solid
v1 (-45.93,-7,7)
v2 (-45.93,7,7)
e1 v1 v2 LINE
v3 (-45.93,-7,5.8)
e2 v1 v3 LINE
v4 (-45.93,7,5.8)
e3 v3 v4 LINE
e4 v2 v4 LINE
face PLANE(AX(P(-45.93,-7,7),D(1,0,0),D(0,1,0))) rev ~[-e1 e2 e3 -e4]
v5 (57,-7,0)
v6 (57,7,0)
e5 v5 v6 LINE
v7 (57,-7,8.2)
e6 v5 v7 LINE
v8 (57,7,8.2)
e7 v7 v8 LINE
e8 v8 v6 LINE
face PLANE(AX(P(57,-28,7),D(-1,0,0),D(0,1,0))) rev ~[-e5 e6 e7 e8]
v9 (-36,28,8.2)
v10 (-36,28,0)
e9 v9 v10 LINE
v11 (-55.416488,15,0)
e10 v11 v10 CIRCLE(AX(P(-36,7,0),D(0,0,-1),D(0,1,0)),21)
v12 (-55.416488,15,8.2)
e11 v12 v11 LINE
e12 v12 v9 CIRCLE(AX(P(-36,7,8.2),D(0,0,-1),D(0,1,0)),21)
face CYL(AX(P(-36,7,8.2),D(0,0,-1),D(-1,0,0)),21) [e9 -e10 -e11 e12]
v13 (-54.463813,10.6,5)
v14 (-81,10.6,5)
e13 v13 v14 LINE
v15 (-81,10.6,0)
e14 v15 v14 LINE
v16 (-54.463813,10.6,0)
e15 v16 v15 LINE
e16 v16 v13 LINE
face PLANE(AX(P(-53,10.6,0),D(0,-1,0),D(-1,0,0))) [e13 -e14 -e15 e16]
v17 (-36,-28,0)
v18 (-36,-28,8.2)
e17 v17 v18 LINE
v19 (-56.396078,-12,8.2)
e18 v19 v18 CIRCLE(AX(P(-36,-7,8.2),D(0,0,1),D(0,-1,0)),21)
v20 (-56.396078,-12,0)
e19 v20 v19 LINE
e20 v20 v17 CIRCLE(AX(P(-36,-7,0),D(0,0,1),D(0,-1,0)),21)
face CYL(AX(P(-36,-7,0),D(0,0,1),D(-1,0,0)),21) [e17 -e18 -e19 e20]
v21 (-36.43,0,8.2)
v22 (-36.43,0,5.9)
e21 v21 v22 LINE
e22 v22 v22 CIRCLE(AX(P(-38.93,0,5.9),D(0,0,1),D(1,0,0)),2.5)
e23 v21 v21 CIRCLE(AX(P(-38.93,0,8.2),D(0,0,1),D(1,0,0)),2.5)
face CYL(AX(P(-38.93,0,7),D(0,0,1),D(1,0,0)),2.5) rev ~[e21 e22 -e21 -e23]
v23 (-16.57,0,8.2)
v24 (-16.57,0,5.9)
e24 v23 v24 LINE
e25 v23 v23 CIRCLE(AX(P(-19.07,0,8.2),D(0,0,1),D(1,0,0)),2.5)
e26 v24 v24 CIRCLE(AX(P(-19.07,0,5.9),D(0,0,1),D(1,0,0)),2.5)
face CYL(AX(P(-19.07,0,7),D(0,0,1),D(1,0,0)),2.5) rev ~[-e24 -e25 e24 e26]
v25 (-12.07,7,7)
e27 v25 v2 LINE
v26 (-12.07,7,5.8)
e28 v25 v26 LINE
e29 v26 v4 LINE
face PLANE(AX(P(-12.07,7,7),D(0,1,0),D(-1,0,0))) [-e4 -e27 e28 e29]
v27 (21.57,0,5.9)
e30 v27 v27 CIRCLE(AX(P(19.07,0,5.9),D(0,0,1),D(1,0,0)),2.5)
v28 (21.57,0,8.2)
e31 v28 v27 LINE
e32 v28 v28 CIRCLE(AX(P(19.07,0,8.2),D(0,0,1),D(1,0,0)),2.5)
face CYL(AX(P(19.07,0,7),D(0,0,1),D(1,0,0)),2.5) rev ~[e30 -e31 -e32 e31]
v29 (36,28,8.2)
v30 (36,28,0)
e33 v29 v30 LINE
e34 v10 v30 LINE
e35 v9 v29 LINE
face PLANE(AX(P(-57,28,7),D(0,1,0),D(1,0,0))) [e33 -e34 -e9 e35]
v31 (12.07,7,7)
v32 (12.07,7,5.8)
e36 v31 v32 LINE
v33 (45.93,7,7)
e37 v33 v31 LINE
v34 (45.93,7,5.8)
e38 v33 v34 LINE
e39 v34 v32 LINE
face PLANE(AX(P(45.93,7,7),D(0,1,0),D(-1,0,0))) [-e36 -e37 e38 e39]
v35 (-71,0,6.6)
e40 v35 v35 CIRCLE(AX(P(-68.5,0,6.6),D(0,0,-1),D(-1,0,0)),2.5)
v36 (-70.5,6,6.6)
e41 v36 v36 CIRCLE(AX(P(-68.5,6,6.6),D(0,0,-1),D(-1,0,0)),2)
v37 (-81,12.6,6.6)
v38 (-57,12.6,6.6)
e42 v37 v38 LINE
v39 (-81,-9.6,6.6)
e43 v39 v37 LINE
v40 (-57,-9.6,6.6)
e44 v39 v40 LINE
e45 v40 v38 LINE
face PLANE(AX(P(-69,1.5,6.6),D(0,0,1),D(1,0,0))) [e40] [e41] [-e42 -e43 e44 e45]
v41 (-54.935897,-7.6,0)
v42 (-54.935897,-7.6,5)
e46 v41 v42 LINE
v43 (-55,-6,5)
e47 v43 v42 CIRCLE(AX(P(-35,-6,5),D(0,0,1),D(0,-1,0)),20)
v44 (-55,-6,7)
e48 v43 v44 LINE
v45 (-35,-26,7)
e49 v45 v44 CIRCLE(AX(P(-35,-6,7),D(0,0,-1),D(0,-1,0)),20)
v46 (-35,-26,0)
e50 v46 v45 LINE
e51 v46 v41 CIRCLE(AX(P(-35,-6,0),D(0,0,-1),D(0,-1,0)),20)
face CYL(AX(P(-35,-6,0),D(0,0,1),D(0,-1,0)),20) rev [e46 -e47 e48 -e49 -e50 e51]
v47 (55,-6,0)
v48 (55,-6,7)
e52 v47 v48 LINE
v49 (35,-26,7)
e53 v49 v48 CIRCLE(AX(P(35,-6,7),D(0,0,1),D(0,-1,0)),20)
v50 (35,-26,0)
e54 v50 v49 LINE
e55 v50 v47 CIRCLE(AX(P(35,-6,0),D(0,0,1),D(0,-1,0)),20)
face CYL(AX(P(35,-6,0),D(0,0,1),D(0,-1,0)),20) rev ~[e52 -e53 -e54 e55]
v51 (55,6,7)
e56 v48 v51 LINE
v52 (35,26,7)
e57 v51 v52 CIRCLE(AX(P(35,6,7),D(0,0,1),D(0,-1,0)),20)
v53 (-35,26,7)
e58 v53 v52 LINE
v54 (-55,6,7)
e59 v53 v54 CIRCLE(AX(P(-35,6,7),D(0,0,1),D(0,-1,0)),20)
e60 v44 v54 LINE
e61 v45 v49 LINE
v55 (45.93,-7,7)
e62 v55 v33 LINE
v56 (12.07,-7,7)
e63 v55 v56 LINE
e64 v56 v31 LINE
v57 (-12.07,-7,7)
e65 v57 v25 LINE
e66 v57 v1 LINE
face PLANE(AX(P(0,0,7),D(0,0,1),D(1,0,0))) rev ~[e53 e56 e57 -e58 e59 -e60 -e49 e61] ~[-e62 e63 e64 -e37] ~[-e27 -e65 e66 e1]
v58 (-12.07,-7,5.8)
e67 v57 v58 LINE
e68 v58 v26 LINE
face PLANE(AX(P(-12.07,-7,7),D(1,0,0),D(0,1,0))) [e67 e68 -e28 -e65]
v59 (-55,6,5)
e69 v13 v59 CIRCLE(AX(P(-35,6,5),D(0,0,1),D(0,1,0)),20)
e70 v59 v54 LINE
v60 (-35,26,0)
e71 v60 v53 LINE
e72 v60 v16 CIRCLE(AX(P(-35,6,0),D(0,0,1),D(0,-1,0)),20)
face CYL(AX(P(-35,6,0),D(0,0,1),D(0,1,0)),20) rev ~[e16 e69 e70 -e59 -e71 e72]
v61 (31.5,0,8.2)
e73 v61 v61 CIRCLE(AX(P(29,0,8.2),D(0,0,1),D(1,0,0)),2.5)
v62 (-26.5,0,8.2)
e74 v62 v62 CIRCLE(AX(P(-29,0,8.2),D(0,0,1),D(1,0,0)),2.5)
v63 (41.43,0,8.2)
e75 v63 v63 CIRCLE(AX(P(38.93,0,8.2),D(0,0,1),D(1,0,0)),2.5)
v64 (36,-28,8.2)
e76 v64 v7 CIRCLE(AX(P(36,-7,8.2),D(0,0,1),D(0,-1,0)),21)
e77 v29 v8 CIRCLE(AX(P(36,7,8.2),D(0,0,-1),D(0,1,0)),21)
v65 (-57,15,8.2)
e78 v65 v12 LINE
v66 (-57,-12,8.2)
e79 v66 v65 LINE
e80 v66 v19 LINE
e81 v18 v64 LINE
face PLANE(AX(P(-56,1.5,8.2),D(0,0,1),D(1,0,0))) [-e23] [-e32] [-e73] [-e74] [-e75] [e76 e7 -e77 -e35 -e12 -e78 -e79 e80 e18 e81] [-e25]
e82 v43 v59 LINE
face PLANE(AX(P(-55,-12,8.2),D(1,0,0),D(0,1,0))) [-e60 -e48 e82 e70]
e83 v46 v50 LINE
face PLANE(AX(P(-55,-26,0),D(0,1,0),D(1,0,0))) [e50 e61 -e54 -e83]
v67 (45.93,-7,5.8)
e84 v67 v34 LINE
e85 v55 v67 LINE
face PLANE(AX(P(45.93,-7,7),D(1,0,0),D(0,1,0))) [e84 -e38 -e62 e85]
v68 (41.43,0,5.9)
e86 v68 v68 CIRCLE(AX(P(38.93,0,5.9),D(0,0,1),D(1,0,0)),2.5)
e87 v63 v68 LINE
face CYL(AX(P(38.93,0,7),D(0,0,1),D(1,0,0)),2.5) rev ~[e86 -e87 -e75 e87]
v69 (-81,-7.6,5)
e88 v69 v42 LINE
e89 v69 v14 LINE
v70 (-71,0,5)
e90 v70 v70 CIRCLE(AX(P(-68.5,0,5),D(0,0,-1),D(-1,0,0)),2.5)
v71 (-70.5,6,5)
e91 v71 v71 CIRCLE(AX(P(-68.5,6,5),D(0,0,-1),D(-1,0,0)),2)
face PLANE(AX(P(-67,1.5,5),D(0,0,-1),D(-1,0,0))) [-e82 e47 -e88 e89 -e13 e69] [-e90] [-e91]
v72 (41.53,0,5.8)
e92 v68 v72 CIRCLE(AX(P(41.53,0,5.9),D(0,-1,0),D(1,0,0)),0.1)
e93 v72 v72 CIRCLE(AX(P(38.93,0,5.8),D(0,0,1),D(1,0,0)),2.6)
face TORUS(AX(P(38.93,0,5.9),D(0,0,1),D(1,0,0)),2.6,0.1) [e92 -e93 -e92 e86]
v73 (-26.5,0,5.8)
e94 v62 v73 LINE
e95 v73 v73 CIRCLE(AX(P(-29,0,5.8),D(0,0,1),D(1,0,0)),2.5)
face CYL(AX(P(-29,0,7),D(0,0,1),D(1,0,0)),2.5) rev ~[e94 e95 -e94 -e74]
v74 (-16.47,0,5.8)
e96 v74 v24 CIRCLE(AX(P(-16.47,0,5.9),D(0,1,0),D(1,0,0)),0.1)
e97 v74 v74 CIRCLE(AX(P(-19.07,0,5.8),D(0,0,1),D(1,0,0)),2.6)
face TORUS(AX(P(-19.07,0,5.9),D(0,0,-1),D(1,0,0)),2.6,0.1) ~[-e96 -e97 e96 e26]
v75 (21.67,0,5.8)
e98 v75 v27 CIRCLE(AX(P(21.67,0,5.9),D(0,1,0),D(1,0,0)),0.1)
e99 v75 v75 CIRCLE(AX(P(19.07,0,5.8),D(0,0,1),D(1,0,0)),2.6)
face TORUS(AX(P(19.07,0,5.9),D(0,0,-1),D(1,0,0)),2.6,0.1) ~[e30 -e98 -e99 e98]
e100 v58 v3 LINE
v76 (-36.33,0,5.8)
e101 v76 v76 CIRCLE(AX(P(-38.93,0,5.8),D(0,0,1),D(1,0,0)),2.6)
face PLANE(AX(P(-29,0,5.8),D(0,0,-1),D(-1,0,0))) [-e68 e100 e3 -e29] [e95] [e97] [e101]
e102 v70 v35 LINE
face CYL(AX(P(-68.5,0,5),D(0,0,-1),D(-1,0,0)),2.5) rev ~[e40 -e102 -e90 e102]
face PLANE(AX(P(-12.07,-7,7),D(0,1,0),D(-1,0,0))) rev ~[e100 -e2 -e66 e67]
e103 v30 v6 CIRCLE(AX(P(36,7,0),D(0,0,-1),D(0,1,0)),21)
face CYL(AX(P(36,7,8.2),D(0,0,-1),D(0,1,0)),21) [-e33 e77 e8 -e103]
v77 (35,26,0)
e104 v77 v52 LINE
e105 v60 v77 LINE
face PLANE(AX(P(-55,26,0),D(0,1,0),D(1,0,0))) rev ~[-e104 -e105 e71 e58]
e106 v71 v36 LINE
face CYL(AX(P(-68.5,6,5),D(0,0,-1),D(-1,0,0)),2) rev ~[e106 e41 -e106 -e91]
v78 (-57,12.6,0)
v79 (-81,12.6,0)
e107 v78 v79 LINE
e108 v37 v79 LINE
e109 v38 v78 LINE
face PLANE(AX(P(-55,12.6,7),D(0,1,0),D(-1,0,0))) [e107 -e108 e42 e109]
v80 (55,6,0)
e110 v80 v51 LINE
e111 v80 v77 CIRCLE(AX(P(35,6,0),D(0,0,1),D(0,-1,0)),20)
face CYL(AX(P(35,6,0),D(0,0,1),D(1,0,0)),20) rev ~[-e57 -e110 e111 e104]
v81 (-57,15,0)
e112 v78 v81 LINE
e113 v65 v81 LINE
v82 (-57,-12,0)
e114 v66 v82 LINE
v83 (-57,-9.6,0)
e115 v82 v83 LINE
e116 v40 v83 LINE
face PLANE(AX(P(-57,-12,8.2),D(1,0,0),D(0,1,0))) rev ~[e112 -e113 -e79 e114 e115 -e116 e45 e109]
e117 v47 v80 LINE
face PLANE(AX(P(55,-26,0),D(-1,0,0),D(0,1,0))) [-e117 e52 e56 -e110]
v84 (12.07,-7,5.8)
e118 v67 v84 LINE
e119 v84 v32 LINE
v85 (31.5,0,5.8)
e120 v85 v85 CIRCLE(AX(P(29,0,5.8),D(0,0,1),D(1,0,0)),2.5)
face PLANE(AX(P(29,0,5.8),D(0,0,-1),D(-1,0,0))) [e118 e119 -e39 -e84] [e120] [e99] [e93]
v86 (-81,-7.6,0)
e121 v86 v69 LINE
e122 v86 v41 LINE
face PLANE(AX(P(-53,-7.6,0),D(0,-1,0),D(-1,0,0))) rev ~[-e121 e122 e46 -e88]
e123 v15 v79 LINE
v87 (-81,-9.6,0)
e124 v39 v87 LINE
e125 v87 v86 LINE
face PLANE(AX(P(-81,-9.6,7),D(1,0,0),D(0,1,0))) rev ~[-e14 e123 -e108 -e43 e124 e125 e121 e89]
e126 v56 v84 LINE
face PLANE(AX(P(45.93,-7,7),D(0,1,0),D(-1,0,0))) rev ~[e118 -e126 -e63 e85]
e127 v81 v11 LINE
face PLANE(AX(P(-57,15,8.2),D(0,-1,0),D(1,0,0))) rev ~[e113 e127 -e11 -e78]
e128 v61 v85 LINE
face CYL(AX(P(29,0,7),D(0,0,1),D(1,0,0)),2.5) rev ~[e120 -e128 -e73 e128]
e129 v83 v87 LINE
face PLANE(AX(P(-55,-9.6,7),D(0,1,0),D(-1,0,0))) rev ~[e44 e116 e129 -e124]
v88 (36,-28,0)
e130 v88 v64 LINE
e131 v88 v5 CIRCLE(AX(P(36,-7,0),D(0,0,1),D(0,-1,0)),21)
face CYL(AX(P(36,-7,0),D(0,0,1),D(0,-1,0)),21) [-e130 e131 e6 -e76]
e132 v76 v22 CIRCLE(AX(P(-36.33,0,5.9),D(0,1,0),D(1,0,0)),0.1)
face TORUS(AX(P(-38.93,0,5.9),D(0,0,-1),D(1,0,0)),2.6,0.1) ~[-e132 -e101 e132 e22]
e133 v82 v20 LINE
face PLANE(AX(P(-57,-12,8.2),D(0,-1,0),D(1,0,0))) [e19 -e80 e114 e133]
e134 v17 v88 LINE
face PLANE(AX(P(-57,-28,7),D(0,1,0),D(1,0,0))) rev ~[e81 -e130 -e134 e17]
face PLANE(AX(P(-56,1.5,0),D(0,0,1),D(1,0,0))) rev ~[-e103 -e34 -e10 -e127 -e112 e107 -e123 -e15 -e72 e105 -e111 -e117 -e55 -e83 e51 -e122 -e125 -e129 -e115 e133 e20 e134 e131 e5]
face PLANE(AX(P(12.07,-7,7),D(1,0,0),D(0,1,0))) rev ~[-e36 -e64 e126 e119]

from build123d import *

# Parameters (mm, degrees)
SKETCH_1_W          = 114
SKETCH_1_H          = 56
SKETCH_1_W_2        = 110
SKETCH_1_H_2        = 52
EXTRUDE_1_DEPTH     = 7
SKETCH_2_W          = 114
SKETCH_2_H          = 56
EXTRUDE_1_2_DEPTH   = 1.2
SKETCH_3_R          = 2.5
CUT_EXTRUDE_1_DEPTH = 1.2
FILLET_1_R          = 20
FILLET_2_R          = 21
SKETCH_4_W          = 33.86
SKETCH_4_H          = 14
EXTRUDE_2_DEPTH     = 1.2
SKETCH_5_R          = 2.5
CUT_EXTRUDE_2_DEPTH = 1.2
FILLET_3_R          = 0.1
SKETCH_14_W         = 26
SKETCH_14_H         = 22.2
EXTRUDE_5_DEPTH     = 7
SKETCH_15_W         = 28
SKETCH_15_H         = 18.2
CUT_EXTRUDE_3_DEPTH = 5
SKETCH_18_W         = 2
SKETCH_18_H         = 27
EXTRUDE_6_DEPTH     = 8.2
SKETCH_19_W         = 2
SKETCH_19_H         = 18.2
CUT_EXTRUDE_4_DEPTH = 5
SKETCH_20_R         = 2.5
SKETCH_20_R_2       = 2
CUT_EXTRUDE_5_DEPTH = 5
SKETCH_21_W         = 24
SKETCH_21_H         = 22.2
CUT_EXTRUDE_6_DEPTH = 0.4


with BuildPart() as part:
    # Эскиз1 → Extrude 1 (new body)
    with BuildSketch(Plane.XY):
        Rectangle(SKETCH_1_W, SKETCH_1_H)
        Rectangle(SKETCH_1_W_2, SKETCH_1_H_2, mode=Mode.SUBTRACT)
    extrude(amount=EXTRUDE_1_DEPTH)

    # Эскиз2 → Extrude 1 2 (add)
    with BuildSketch(Plane.XY.offset(7)):
        Rectangle(SKETCH_2_W, SKETCH_2_H)
    extrude(amount=EXTRUDE_1_2_DEPTH)

    # Эскиз3 → Вырез-Вытянуть1 (cut)
    with BuildSketch(Plane.XY.offset(8.2)):
        with Locations((-38.93, 0)):
            Circle(SKETCH_3_R)
        with Locations((-29, 0)):
            Circle(SKETCH_3_R)
        with Locations((-19.07, 0)):
            Circle(SKETCH_3_R)
        with Locations((19.07, 0)):
            Circle(SKETCH_3_R)
        with Locations((29, 0)):
            Circle(SKETCH_3_R)
        with Locations((38.93, 0)):
            Circle(SKETCH_3_R)
    extrude(amount=-CUT_EXTRUDE_1_DEPTH, mode=Mode.SUBTRACT)

    # Скругление1
    fillet_1_edges = [part.edges().sort_by_distance(p)[0] for p in [
        (-55, 26, 3.5),
        (-55, -26, 3.5),
        (55, -26, 3.5),
        (55, 26, 3.5),
    ]]
    fillet(fillet_1_edges, radius=FILLET_1_R)

    # Скругление2
    fillet_2_edges = [part.edges().sort_by_distance(p)[0] for p in [
        (-57, 28, 4.1),
        (57, 28, 4.1),
        (57, -28, 4.1),
        (-57, -28, 4.1),
    ]]
    fillet(fillet_2_edges, radius=FILLET_2_R)

    # Эскиз4 → Бобышка-Вытянуть2 (add)
    with BuildSketch(Plane(origin=(0, 0, 7), x_dir=(-1, 0, 0), z_dir=(0, 0, -1))):
        with Locations((29, 0)):
            Rectangle(SKETCH_4_W, SKETCH_4_H)
        with Locations((-29, 0)):
            Rectangle(SKETCH_4_W, SKETCH_4_H)
    extrude(amount=EXTRUDE_2_DEPTH)

    # Эскиз5 → Вырез-Вытянуть2 (cut)
    with BuildSketch(Plane.XY.offset(7)):
        with Locations((-29, 0)):
            Circle(SKETCH_5_R)
        with Locations((-38.93, 0)):
            Circle(SKETCH_5_R)
        with Locations((-19.07, 0)):
            Circle(SKETCH_5_R)
        with Locations((19.07, 0)):
            Circle(SKETCH_5_R)
        with Locations((29, 0)):
            Circle(SKETCH_5_R)
        with Locations((38.93, 0)):
            Circle(SKETCH_5_R)
    extrude(amount=-CUT_EXTRUDE_2_DEPTH, mode=Mode.SUBTRACT)

    # Скругление3
    fillet_3_edges = [part.edges().sort_by_distance(p)[0] for p in [
        (36.43, 0, 5.8),
        (16.57, 0, 5.8),
        (-21.57, 0, 5.8),
        (-41.43, 0, 5.8),
    ]]
    fillet(fillet_3_edges, radius=FILLET_3_R)

    # Эскиз14 → Бобышка-Вытянуть5 (add)
    with BuildSketch(Plane(origin=(0, 0, 7), x_dir=(-1, 0, 0), z_dir=(0, 0, -1))):
        with Locations((68, 1.5)):
            Rectangle(SKETCH_14_W, SKETCH_14_H)
    extrude(amount=EXTRUDE_5_DEPTH)

    # Эскиз15 → Вырез-Вытянуть3 (cut)
    with BuildSketch(Plane(origin=(0, 0, 0), x_dir=(-1, 0, 0), z_dir=(0, 0, -1))):
        with Locations((67, 1.5)):
            Rectangle(SKETCH_15_W, SKETCH_15_H)
    extrude(amount=-CUT_EXTRUDE_3_DEPTH, mode=Mode.SUBTRACT)

    # Эскиз18 → Бобышка-Вытянуть6 (add)
    with BuildSketch(Plane.XY.offset(8.2)):
        with Locations((-56, 1.5)):
            Rectangle(SKETCH_18_W, SKETCH_18_H)
    extrude(amount=-EXTRUDE_6_DEPTH)

    # Эскиз19 → Вырез-Вытянуть4 (cut)
    with BuildSketch(Plane(origin=(0, 0, 0), x_dir=(-1, 0, 0), z_dir=(0, 0, -1))):
        with Locations((56, 1.5)):
            Rectangle(SKETCH_19_W, SKETCH_19_H)
    extrude(amount=-CUT_EXTRUDE_4_DEPTH, mode=Mode.SUBTRACT)

    # Эскиз20 → Вырез-Вытянуть5 (cut)
    with BuildSketch(Plane(origin=(0, 0, 5), x_dir=(-1, 0, 0), z_dir=(0, 0, -1))):
        with Locations((68.5, 0)):
            Circle(SKETCH_20_R)
        with Locations((68.5, 6)):
            Circle(SKETCH_20_R_2)
    extrude(amount=-CUT_EXTRUDE_5_DEPTH, mode=Mode.SUBTRACT)

    # Эскиз21 → Вырез-Вытянуть6 (cut)
    with BuildSketch(Plane.XY.offset(7)):
        with Locations((-69, 1.5)):
            Rectangle(SKETCH_21_W, SKETCH_21_H)
    extrude(amount=-CUT_EXTRUDE_6_DEPTH, mode=Mode.SUBTRACT)


solid = part.part
